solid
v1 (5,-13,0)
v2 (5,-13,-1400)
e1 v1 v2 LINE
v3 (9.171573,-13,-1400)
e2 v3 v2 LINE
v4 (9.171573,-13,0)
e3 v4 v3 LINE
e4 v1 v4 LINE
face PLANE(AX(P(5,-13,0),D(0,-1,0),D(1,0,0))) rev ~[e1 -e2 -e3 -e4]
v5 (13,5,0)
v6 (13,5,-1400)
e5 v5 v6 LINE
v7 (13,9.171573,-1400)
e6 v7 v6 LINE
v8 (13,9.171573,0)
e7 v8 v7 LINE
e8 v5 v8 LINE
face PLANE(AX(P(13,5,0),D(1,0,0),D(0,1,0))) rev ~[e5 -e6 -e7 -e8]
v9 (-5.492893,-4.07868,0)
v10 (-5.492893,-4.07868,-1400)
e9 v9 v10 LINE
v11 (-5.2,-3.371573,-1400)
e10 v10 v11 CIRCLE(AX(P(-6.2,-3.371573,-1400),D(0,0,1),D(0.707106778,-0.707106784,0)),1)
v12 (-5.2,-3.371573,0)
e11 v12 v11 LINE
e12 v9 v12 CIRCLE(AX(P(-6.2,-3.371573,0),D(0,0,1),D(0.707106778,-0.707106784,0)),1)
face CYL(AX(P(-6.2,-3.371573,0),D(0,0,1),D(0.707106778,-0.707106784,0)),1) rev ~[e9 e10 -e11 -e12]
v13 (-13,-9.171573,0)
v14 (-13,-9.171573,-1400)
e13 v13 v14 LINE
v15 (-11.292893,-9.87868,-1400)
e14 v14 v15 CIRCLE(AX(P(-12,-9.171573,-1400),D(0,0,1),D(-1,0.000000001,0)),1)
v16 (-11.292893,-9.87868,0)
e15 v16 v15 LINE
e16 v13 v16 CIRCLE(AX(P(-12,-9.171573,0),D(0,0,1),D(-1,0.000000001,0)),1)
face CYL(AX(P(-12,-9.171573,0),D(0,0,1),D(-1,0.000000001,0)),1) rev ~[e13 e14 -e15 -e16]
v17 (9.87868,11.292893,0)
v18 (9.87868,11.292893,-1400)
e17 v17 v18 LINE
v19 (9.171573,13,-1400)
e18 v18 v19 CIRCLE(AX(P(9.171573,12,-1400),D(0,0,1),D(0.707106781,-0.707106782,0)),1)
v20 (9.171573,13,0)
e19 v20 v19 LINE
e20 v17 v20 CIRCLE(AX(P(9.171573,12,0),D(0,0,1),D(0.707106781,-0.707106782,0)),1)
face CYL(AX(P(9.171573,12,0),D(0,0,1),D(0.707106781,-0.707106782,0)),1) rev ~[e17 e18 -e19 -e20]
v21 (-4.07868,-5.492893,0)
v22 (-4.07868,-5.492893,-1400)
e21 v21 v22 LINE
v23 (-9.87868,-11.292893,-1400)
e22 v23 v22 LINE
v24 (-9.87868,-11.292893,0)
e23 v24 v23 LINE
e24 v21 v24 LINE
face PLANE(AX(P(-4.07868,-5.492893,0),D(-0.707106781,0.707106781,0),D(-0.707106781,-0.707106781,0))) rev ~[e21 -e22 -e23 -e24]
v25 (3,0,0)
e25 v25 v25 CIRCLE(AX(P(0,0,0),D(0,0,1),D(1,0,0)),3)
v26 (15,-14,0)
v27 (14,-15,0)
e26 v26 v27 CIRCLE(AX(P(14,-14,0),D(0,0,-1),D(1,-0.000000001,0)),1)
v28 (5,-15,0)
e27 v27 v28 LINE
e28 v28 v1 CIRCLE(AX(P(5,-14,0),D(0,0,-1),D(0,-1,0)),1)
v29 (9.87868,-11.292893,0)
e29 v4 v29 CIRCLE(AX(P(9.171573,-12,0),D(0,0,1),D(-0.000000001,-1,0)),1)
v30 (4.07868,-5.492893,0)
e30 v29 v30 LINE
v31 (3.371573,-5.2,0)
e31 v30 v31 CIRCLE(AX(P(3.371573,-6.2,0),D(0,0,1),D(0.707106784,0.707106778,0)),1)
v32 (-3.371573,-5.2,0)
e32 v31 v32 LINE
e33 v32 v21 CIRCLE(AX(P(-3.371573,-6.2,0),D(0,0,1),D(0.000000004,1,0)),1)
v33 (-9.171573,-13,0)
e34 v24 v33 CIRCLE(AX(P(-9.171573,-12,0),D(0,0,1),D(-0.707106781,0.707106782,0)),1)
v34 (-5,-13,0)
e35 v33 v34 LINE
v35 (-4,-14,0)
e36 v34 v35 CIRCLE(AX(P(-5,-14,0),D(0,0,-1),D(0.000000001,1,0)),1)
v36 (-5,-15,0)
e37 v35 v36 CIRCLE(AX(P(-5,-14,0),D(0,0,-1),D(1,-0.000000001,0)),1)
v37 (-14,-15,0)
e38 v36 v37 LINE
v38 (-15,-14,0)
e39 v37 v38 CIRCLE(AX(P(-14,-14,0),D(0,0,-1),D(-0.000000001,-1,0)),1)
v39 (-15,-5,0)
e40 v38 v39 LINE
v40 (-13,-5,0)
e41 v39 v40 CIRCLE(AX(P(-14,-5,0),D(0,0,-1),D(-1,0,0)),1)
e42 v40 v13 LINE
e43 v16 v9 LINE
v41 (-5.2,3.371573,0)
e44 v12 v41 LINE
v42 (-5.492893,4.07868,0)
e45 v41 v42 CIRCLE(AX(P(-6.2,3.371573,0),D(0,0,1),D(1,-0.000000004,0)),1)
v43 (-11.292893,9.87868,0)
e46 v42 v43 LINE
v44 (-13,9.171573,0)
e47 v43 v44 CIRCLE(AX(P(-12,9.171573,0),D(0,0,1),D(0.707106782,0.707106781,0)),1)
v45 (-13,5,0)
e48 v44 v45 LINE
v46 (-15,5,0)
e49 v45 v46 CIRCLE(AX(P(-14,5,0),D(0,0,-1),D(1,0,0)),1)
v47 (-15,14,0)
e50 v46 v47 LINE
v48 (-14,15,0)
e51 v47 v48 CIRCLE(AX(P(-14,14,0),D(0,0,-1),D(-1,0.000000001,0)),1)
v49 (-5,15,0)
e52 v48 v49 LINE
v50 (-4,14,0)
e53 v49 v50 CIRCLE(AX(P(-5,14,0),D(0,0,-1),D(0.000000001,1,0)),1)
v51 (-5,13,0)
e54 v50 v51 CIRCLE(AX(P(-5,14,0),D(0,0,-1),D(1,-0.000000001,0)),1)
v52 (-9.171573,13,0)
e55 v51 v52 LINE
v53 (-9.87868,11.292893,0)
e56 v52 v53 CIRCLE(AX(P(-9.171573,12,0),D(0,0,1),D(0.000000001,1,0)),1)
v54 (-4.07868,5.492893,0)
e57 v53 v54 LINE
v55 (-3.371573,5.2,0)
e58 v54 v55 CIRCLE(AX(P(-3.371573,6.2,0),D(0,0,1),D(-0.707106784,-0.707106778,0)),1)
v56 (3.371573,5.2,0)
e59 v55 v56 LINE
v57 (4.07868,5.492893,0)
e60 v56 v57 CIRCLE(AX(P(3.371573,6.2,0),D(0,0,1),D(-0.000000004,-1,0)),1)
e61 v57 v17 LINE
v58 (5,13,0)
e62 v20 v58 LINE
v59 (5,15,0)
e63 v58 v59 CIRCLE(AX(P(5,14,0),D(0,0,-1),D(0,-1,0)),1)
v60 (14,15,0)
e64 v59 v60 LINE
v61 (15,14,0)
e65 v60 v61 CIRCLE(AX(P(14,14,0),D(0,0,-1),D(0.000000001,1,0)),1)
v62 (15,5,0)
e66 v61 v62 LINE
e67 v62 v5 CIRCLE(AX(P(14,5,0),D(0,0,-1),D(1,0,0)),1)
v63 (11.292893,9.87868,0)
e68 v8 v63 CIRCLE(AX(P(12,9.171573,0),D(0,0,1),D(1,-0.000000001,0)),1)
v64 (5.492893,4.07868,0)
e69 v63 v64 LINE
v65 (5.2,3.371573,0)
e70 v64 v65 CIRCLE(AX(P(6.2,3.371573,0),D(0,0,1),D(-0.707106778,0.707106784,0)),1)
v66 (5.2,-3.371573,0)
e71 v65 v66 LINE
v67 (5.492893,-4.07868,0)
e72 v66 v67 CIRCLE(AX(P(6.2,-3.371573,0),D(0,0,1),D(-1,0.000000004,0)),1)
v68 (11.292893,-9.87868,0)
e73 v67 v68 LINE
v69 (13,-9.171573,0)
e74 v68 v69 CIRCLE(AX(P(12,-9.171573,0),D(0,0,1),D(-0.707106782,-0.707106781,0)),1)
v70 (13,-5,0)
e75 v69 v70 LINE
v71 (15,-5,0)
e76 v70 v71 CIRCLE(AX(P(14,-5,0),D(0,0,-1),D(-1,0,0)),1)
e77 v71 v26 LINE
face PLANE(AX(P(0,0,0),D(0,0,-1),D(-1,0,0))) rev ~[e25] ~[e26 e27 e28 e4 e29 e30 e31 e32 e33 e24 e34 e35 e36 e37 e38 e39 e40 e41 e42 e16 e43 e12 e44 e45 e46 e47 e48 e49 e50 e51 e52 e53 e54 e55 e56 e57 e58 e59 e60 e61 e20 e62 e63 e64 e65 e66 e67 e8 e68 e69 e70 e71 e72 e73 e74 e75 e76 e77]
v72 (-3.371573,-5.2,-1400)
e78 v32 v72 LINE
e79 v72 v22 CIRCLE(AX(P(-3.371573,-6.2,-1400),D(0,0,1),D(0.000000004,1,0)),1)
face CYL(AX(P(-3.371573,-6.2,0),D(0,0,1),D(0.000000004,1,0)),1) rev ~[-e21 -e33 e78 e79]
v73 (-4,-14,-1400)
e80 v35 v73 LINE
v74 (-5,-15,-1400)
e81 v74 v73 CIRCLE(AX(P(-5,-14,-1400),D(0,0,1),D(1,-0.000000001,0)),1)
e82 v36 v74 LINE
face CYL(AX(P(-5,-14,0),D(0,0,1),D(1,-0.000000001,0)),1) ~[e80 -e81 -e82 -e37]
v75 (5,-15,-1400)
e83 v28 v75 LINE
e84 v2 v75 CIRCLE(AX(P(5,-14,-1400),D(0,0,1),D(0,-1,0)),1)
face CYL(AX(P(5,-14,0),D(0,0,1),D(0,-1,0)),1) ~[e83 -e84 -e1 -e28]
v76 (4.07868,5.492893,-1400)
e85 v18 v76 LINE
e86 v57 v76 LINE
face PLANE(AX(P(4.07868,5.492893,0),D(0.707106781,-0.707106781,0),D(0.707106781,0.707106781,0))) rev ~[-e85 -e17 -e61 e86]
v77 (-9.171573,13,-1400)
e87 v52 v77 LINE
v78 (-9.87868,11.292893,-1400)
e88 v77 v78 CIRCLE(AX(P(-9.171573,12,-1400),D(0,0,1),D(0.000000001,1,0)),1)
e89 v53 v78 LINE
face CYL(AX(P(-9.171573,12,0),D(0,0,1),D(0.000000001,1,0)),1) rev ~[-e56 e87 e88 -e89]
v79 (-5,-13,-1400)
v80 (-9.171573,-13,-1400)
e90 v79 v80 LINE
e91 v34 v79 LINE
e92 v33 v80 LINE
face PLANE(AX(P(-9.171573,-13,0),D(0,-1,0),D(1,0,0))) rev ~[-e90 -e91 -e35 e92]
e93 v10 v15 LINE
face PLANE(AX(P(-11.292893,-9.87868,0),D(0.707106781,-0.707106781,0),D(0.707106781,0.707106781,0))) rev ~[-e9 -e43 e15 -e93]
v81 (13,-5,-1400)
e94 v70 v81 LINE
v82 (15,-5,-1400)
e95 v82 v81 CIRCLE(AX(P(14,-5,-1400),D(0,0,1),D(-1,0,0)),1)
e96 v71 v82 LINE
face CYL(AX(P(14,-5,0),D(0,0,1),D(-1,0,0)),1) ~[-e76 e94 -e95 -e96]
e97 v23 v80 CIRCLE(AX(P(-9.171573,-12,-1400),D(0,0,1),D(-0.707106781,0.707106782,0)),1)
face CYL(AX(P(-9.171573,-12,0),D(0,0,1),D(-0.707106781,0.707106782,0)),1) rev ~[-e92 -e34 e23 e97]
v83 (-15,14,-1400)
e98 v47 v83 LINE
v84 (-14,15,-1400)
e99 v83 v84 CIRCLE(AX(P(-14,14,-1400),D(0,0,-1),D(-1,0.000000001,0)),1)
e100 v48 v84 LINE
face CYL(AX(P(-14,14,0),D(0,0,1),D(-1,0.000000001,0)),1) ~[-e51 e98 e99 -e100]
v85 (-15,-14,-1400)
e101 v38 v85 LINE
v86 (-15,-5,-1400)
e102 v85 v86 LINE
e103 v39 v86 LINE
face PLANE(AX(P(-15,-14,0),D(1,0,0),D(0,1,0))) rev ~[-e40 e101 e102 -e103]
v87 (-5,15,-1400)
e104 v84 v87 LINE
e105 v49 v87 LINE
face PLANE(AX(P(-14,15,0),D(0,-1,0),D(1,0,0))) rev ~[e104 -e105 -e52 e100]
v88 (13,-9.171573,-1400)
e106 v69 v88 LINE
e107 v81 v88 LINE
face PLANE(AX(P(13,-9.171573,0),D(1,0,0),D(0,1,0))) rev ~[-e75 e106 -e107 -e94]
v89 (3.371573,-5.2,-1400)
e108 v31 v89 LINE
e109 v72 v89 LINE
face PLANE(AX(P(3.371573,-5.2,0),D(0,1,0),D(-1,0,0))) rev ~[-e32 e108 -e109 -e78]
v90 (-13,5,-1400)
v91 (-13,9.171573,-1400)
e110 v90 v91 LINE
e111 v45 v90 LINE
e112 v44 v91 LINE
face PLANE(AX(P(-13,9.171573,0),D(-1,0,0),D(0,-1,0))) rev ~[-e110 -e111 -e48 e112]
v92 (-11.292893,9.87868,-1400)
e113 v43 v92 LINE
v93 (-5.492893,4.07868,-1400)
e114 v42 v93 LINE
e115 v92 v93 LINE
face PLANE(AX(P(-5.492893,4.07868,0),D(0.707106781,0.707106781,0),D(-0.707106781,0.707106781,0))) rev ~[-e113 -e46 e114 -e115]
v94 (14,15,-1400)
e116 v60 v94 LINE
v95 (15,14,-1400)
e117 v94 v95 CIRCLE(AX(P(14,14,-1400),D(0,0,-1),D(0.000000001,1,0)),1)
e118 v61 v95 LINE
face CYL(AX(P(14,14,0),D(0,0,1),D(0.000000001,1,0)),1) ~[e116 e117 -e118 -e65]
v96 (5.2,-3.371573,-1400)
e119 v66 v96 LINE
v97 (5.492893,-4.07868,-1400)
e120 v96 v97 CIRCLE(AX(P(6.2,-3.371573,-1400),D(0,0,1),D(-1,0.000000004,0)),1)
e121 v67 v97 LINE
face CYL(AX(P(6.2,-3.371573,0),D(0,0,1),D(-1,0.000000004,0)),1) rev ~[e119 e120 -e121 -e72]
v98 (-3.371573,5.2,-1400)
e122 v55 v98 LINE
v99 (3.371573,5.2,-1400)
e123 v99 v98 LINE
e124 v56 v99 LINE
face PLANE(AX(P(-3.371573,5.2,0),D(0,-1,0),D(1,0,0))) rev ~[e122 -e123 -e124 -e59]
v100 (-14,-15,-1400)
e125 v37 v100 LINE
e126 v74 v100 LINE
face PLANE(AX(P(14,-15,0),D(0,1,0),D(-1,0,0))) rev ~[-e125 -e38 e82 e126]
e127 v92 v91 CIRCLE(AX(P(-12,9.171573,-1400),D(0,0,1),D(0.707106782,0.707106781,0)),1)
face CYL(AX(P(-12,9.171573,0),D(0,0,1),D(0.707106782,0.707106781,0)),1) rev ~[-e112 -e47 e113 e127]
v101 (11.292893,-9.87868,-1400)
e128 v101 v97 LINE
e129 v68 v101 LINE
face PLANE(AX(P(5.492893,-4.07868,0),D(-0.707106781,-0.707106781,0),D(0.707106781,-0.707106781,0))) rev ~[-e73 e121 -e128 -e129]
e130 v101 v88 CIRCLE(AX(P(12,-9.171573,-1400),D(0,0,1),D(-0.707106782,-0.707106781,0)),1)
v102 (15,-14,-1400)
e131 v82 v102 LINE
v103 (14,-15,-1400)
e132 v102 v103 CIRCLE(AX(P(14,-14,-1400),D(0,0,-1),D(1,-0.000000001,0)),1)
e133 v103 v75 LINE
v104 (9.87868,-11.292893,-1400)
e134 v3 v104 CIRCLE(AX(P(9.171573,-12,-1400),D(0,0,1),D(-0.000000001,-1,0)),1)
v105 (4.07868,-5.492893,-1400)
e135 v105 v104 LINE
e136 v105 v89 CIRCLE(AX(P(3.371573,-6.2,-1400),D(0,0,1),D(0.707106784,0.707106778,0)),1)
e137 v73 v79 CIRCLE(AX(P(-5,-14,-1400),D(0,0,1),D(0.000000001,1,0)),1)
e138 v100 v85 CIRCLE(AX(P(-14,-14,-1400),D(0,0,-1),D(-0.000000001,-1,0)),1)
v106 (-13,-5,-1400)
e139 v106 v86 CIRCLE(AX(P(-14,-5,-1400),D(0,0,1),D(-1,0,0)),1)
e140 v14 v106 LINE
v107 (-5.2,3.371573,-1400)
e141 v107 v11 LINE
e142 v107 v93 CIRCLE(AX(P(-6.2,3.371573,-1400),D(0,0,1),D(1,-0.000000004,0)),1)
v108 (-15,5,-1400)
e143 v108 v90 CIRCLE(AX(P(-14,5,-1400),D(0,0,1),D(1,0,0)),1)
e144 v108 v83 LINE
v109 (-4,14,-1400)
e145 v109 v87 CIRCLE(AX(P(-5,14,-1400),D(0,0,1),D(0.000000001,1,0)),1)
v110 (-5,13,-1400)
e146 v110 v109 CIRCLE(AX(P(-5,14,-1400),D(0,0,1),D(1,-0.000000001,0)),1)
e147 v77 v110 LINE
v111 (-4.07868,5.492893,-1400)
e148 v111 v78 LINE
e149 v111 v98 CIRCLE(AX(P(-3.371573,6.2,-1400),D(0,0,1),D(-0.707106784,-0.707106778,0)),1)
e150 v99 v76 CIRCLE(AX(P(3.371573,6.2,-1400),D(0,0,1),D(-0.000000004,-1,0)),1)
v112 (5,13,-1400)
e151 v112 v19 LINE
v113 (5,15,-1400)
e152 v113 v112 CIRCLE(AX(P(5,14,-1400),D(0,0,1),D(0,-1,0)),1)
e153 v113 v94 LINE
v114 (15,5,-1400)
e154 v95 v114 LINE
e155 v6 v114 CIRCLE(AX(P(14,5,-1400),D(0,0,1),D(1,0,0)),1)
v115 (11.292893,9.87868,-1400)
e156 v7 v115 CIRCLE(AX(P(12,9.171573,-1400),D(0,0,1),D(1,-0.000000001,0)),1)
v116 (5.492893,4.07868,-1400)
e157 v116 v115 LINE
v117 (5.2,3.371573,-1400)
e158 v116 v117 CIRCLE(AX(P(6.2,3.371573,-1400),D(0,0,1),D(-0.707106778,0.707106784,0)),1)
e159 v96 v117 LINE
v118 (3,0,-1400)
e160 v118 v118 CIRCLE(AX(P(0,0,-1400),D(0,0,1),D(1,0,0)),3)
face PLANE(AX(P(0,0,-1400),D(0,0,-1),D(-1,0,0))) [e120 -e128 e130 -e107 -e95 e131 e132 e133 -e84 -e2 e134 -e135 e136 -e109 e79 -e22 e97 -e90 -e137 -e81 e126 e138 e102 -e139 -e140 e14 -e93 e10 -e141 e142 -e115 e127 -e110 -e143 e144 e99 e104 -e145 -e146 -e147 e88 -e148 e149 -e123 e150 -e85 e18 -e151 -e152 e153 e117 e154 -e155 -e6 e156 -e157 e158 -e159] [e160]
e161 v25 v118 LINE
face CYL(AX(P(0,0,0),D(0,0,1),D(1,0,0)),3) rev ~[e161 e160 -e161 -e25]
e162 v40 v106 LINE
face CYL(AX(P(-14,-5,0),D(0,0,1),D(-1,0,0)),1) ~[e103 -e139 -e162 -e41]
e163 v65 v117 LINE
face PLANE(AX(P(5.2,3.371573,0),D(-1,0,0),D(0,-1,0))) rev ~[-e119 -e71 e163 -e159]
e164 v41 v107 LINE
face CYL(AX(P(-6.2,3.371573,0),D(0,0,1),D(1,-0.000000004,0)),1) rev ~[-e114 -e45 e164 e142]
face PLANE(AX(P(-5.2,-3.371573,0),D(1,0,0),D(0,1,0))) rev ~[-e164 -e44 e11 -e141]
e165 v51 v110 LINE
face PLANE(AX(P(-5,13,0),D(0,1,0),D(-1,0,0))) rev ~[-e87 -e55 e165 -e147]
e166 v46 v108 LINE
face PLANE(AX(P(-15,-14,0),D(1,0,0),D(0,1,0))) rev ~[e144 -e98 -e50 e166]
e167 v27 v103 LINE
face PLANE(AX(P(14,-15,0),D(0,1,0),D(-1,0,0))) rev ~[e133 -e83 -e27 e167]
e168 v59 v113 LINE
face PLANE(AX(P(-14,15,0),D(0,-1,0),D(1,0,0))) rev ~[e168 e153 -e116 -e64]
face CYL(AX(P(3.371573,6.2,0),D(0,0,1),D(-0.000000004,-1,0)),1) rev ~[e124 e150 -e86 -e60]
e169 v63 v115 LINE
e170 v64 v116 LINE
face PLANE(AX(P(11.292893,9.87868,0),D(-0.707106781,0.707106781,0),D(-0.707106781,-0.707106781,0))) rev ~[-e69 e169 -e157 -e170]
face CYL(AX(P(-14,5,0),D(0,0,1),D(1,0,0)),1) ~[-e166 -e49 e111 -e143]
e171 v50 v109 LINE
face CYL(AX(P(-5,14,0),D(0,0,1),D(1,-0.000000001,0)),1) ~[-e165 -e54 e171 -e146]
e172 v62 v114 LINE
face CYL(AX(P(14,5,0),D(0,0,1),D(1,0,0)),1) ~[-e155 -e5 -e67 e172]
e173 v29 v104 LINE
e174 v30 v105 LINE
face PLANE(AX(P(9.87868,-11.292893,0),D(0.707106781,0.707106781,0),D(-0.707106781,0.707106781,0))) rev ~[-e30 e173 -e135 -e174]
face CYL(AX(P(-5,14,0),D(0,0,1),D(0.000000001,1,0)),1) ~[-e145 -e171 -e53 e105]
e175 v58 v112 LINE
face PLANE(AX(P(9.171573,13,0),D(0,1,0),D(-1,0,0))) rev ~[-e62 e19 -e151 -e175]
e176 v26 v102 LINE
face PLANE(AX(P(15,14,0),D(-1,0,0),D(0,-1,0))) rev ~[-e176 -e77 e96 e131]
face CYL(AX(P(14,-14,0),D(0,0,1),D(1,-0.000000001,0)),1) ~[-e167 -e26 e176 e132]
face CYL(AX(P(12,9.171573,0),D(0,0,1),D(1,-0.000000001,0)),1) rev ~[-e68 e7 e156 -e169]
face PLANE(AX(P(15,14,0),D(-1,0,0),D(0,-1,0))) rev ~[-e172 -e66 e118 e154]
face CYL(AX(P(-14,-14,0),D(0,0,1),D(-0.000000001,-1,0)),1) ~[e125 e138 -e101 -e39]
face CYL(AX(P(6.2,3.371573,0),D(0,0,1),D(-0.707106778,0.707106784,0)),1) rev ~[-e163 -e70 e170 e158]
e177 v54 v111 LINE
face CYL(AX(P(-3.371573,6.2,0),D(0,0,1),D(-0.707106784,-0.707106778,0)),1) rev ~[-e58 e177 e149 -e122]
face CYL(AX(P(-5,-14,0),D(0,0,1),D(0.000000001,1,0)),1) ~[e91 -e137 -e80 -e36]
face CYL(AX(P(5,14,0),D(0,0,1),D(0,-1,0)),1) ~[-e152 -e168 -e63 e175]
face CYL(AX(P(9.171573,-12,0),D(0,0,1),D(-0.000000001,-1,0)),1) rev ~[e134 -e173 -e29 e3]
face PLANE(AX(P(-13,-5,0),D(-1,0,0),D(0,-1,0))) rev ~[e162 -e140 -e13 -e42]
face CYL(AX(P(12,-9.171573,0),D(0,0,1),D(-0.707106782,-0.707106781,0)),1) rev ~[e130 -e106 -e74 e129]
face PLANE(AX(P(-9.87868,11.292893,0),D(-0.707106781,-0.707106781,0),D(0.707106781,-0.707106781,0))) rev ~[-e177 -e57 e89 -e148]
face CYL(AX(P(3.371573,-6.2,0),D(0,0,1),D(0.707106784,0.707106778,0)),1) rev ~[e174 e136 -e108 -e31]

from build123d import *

# Parameters (mm, degrees)
SALIENTE_EXTRUIR1_DEPTH = 1400
CROQUIS2_R              = 3
CORTAR_EXTRUIR1_DEPTH   = 1401.160705062
CORTAR_EXTRUIR3_DEPTH   = 1401.160705062


with BuildPart() as part:
    # Croquis1 → Saliente-Extruir1 (new body)
    with BuildSketch(Plane.XY):
        with BuildLine():
            Line((-14, 15), (14, 15))
            ThreePointArc((14, 15), (14.707106781, 14.707106781), (15, 14))
            Line((15, 14), (15, -14))
            ThreePointArc((15, -14), (14.707106781, -14.707106781), (14, -15))
            Line((14, -15), (-14, -15))
            ThreePointArc((-14, -15), (-14.707106781, -14.707106781), (-15, -14))
            Line((-15, -14), (-15, 14))
            ThreePointArc((-15, 14), (-14.707106781, 14.707106781), (-14, 15))
        make_face()
    extrude(amount=-SALIENTE_EXTRUIR1_DEPTH)

    # Croquis2 → Cortar-Extruir1 (cut, through all)
    with BuildSketch(Plane.XY):
        Circle(CROQUIS2_R)
    extrude(amount=-CORTAR_EXTRUIR1_DEPTH, mode=Mode.SUBTRACT)

    # Croquis3 → Cortar-Extruir3 (cut, through all)
    with BuildSketch(Plane.XY):
        with BuildLine():
            Line((-5.492893219, 4.078679656), (-11.292893219, 9.878679656))
            ThreePointArc((-11.292893219, 9.878679656), (-12.382683432, 10.095452408), (-13, 9.171572875))
            Line((-13, 9.171572875), (-13, 5))
            ThreePointArc((-13, 5), (-14, 4), (-15, 5))
            Line((-15, 5), (-15, -5))
            ThreePointArc((-15, -5), (-14, -4), (-13, -5))
            Line((-13, -5), (-13, -9.171572875))
            ThreePointArc((-13, -9.171572875), (-12.382683432, -10.095452408), (-11.292893219, -9.878679656))
            Line((-11.292893219, -9.878679656), (-5.492893219, -4.078679656))
            ThreePointArc((-5.492893219, -4.078679656), (-5.276120467, -3.754256308), (-5.2, -3.371572875))
            Line((-5.2, -3.371572875), (-5.2, 3.371572875))
            ThreePointArc((-5.2, 3.371572875), (-5.276120467, 3.754256308), (-5.492893219, 4.078679656))
        make_face()
        with BuildLine():
            ThreePointArc((-9.171572875, 13), (-10.095452408, 12.382683432), (-9.878679656, 11.292893219))
            Line((-9.878679656, 11.292893219), (-4.078679656, 5.492893219))
            ThreePointArc((-4.078679656, 5.492893219), (-3.754256308, 5.276120467), (-3.371572875, 5.2))
            Line((-3.371572875, 5.2), (3.371572875, 5.2))
            ThreePointArc((3.371572875, 5.2), (3.754256308, 5.276120467), (4.078679656, 5.492893219))
            Line((4.078679656, 5.492893219), (9.878679656, 11.292893219))
            ThreePointArc((9.878679656, 11.292893219), (10.095452408, 12.382683432), (9.171572875, 13))
            Line((9.171572875, 13), (5, 13))
            ThreePointArc((5, 13), (4, 14), (5, 15))
            Line((5, 15), (-5, 15))
            ThreePointArc((-5, 15), (-4.292893219, 14.707106781), (-4, 14))
            ThreePointArc((-4, 14), (-4.292893219, 13.292893219), (-5, 13))
            Line((-5, 13), (-9.171572875, 13))
        make_face()
        with BuildLine():
            Line((9.878679656, -11.292893219), (4.078679656, -5.492893219))
            ThreePointArc((4.078679656, -5.492893219), (3.754256308, -5.276120467), (3.371572875, -5.2))
            Line((3.371572875, -5.2), (-3.371572875, -5.2))
            ThreePointArc((-3.371572875, -5.2), (-3.754256308, -5.276120467), (-4.078679656, -5.492893219))
            Line((-4.078679656, -5.492893219), (-9.878679656, -11.292893219))
            ThreePointArc((-9.878679656, -11.292893219), (-10.095452408, -12.382683432), (-9.171572875, -13))
            Line((-9.171572875, -13), (-5, -13))
            ThreePointArc((-5, -13), (-4.292893219, -13.292893219), (-4, -14))
            ThreePointArc((-4, -14), (-4.292893219, -14.707106781), (-5, -15))
            Line((-5, -15), (5, -15))
            ThreePointArc((5, -15), (4, -14), (5, -13))
            Line((5, -13), (9.171572875, -13))
            ThreePointArc((9.171572875, -13), (10.095452408, -12.382683432), (9.878679656, -11.292893219))
        make_face()
        with BuildLine():
            ThreePointArc((13, 9.171572875), (12.382683432, 10.095452408), (11.292893219, 9.878679656))
            Line((11.292893219, 9.878679656), (5.492893219, 4.078679656))
            ThreePointArc((5.492893219, 4.078679656), (5.276120467, 3.754256308), (5.2, 3.371572875))
            Line((5.2, 3.371572875), (5.2, -3.371572875))
            ThreePointArc((5.2, -3.371572875), (5.276120467, -3.754256308), (5.492893219, -4.078679656))
            Line((5.492893219, -4.078679656), (11.292893219, -9.878679656))
            ThreePointArc((11.292893219, -9.878679656), (12.382683432, -10.095452408), (13, -9.171572875))
            Line((13, -9.171572875), (13, -5))
            ThreePointArc((13, -5), (14, -4), (15, -5))
            Line((15, -5), (15, 5))
            ThreePointArc((15, 5), (14, 4), (13, 5))
            Line((13, 5), (13, 9.171572875))
        make_face()
    extrude(amount=-CORTAR_EXTRUIR3_DEPTH, mode=Mode.SUBTRACT)


solid = part.part
